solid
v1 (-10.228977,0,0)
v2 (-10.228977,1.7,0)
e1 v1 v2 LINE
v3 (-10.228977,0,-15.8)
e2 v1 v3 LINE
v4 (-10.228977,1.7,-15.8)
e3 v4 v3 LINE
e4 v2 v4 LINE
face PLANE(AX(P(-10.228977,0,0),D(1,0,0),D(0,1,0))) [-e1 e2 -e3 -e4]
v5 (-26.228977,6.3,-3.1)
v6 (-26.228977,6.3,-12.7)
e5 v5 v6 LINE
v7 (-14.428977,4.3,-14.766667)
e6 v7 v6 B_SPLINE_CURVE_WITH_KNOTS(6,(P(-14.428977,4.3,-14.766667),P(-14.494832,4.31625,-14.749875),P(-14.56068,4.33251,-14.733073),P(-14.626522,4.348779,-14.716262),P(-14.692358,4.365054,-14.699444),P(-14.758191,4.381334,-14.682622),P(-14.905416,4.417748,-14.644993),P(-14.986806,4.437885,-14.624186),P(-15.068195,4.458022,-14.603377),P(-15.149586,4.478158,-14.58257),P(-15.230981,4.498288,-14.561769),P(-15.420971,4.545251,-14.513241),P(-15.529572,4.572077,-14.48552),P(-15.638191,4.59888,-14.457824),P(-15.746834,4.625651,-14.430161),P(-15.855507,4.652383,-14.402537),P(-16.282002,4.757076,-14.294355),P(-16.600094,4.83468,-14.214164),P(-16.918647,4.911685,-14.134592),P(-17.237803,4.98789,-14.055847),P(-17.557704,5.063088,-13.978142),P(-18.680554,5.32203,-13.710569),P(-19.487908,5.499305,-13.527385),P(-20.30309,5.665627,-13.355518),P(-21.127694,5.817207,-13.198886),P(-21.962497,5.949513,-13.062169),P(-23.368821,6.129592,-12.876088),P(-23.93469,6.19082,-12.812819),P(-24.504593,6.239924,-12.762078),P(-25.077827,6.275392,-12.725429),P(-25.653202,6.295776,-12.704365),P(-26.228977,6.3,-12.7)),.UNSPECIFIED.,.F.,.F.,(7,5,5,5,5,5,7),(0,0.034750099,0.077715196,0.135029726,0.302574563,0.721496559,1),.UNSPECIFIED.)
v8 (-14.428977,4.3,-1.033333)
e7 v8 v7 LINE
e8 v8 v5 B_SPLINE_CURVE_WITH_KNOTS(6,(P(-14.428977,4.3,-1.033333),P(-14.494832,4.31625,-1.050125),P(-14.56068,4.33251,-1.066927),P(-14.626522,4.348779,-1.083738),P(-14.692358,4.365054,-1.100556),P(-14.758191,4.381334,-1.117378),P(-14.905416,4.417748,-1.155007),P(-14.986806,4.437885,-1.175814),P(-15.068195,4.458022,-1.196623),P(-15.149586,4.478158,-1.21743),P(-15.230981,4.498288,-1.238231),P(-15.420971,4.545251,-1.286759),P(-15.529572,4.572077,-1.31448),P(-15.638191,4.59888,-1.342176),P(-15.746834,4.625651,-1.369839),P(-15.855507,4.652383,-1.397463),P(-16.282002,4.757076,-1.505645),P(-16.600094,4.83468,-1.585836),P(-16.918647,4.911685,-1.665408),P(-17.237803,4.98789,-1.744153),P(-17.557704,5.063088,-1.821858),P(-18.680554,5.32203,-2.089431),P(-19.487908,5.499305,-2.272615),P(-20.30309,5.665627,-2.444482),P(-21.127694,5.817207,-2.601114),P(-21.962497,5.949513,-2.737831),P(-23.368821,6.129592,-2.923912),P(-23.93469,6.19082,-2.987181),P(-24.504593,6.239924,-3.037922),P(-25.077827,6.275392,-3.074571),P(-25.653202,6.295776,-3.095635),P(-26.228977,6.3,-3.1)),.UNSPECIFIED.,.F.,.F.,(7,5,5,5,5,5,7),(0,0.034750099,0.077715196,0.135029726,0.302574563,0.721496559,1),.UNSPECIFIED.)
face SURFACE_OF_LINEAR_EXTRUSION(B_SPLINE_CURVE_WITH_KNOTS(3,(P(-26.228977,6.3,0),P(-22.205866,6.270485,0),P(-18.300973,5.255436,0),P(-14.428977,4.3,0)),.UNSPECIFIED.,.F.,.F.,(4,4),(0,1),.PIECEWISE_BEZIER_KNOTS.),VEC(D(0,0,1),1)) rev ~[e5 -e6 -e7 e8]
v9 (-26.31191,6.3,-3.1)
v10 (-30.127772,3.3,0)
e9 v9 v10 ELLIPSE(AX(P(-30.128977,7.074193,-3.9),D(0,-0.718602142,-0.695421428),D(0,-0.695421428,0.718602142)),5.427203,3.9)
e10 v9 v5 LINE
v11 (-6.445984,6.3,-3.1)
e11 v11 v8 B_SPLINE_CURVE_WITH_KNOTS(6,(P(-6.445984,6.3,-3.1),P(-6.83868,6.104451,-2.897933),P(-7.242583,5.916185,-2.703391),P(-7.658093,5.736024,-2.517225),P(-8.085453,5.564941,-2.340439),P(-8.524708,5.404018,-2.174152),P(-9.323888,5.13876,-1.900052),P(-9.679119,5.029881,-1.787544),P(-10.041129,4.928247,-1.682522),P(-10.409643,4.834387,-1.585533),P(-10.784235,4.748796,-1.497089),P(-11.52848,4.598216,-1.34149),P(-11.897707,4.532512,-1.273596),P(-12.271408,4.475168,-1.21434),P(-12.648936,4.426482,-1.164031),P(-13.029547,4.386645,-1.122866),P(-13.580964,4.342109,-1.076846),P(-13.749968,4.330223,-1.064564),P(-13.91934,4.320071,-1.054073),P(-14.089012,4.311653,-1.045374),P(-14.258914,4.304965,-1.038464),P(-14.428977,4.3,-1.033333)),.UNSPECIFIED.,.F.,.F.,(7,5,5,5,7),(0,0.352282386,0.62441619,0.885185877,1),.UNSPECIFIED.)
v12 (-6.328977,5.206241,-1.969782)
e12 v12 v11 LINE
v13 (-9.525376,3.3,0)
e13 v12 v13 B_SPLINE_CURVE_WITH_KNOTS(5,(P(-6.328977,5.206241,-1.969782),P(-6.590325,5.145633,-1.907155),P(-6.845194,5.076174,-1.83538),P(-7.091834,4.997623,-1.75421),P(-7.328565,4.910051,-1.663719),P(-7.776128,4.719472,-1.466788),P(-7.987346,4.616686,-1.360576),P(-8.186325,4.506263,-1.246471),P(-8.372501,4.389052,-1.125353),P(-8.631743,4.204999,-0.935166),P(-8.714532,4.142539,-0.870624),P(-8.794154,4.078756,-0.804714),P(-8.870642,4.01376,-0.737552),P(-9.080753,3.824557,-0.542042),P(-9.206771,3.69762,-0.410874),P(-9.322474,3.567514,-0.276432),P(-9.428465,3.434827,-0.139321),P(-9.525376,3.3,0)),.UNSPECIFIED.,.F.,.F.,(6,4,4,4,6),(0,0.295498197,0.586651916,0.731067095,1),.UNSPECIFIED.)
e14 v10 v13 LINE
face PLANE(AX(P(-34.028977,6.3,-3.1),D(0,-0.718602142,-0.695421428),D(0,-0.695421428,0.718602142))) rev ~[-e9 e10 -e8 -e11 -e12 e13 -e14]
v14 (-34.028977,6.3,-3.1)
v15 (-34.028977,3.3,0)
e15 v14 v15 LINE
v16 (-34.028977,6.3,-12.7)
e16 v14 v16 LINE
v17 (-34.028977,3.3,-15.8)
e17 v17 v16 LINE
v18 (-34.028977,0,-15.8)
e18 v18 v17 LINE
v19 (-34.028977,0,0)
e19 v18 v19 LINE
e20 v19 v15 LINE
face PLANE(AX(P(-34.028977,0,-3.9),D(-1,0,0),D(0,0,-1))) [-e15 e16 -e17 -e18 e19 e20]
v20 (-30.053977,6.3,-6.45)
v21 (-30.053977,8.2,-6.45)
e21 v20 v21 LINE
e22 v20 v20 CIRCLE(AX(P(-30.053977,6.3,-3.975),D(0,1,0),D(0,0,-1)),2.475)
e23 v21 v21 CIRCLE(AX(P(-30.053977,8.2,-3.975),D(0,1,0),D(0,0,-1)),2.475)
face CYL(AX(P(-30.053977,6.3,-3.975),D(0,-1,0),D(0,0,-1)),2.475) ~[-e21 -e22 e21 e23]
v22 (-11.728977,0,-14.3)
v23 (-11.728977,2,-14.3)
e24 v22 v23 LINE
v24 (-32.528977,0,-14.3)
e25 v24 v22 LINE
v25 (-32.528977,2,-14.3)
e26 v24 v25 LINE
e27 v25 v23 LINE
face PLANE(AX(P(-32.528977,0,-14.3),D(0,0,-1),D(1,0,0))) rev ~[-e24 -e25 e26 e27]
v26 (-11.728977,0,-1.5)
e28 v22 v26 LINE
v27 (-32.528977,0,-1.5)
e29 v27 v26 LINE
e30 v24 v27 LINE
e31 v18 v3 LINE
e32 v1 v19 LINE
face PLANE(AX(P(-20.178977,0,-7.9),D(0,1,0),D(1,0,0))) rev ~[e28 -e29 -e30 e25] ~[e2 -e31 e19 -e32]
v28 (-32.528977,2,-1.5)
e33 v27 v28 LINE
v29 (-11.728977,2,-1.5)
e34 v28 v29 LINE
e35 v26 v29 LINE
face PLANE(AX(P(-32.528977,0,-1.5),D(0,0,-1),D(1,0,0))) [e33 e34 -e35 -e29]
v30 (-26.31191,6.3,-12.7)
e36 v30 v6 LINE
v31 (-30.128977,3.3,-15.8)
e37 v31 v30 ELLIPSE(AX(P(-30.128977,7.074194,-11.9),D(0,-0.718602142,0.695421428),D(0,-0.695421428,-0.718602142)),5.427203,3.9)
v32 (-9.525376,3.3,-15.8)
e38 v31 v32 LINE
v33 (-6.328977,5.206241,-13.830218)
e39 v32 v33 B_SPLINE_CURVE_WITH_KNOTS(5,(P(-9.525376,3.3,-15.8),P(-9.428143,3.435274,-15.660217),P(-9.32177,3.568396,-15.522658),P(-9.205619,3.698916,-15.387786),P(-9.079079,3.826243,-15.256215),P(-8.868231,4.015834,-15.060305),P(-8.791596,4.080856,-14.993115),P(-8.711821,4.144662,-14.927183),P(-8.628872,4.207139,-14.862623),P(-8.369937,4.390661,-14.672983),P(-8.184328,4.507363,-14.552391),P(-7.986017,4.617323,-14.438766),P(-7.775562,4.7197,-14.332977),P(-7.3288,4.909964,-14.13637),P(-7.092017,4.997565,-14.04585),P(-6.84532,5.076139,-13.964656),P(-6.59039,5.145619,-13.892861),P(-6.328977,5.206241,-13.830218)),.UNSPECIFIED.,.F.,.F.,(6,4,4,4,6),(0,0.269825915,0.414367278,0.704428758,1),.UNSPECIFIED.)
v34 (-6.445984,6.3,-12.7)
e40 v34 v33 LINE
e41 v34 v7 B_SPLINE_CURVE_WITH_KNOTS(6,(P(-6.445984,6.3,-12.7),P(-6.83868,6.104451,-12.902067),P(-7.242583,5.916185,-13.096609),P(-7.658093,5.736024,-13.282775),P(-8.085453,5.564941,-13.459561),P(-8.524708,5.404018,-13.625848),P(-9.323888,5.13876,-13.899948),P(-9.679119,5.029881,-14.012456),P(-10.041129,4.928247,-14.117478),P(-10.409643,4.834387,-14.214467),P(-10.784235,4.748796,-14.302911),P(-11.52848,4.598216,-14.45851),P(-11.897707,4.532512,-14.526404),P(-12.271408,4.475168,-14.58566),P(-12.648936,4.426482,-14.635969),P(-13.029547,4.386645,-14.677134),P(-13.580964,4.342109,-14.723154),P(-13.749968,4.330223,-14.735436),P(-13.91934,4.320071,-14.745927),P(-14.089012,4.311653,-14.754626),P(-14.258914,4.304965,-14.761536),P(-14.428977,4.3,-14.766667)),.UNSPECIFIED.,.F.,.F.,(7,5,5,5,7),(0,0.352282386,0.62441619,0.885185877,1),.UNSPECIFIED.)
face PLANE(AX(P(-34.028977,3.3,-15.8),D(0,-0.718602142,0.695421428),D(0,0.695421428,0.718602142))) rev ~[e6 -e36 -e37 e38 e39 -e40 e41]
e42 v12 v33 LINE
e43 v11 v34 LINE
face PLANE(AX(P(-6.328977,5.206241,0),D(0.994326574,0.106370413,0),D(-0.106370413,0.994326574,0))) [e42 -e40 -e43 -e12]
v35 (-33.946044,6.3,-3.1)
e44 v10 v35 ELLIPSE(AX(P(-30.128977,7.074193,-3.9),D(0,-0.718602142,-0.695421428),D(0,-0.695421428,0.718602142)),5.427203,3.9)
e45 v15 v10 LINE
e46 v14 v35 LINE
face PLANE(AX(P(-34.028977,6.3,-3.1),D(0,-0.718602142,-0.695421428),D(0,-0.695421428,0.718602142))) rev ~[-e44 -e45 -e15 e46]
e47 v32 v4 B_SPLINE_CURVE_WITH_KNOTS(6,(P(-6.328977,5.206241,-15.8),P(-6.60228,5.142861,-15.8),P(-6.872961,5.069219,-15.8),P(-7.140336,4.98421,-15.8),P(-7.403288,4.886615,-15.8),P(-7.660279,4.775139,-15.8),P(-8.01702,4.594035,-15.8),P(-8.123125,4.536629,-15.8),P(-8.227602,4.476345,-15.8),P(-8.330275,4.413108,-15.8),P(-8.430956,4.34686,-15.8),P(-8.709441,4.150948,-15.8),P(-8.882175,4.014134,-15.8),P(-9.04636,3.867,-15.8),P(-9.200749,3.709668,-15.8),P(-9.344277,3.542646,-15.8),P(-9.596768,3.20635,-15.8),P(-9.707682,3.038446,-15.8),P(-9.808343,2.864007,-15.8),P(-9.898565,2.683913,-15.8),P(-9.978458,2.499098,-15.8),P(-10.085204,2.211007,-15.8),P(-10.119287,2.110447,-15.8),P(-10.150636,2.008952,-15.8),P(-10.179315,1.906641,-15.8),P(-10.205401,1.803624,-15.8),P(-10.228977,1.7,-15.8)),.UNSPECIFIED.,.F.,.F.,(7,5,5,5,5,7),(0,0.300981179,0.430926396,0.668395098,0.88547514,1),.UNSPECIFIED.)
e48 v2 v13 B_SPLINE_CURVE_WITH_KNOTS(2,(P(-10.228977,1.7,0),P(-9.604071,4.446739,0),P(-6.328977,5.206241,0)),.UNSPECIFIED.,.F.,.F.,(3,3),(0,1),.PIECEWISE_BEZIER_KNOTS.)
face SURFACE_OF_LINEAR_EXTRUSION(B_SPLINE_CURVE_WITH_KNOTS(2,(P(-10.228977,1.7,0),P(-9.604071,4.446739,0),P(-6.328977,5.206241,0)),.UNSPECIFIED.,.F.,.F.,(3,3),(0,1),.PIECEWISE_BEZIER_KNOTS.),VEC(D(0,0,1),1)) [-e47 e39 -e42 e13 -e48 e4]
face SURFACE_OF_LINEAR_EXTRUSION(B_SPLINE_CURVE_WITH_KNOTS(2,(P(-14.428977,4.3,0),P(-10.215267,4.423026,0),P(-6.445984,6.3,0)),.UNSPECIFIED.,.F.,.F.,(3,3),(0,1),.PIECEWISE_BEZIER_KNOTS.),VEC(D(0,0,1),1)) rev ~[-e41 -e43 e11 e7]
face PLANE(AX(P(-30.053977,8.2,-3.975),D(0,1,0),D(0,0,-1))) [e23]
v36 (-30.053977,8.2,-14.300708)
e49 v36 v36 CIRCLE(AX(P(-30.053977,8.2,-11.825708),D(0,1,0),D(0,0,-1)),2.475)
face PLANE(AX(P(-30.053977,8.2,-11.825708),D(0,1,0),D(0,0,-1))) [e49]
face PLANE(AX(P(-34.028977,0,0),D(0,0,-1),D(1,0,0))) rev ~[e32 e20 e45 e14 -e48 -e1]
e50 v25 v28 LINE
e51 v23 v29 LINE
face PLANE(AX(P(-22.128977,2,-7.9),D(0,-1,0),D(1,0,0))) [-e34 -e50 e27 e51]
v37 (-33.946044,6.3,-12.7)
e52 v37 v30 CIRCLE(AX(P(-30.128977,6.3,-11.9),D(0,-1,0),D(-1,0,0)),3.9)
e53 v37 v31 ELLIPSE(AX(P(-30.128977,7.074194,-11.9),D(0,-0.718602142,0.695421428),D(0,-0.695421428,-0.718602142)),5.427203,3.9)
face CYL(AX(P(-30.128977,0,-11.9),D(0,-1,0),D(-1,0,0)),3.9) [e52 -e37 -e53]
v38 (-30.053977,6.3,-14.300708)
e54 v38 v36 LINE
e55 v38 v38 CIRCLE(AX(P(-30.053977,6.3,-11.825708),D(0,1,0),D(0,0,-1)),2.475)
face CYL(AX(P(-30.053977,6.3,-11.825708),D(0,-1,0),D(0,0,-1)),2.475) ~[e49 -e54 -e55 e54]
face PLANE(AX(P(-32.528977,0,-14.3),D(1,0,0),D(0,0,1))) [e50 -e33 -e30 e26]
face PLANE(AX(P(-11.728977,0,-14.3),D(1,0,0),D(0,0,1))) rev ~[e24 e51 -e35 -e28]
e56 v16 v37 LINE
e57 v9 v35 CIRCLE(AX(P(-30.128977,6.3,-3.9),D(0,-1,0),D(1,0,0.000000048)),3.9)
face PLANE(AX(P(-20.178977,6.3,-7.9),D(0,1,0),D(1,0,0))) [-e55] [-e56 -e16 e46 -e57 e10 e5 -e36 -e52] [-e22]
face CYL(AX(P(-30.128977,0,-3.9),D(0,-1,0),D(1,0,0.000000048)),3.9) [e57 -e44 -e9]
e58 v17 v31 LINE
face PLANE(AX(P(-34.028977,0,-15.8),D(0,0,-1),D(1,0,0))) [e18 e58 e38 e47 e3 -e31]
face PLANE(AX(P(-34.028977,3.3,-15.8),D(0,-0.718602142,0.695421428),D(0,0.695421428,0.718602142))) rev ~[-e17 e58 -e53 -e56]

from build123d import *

# Parameters (mm, degrees)
SKETCH1_W           = 27.7
SKETCH1_H           = 15.8
BOSS_EXTRUDE1_DEPTH = 6.3
SKETCH2_OUTSIDE_W   = 36.202
SKETCH2_OUTSIDE_H   = 14.802
CUT_EXTRUDE1_DEPTH  = 15.9
SKETCH3_OUTSIDE_W   = 24.302
SKETCH3_OUTSIDE_H   = 14.802
CUT_EXTRUDE2_DEPTH  = 35.9
BOSS_EXTRUDE2_DEPTH = 6.3
SKETCH5_R           = 2.475
BOSS_EXTRUDE3_DEPTH = 1.9
SKETCH6_W           = 20.8
SKETCH6_H           = 12.8
CUT_EXTRUDE3_DEPTH  = 2


with BuildPart() as part:
    # Sketch1 → Boss-Extrude1 (new body)
    with BuildSketch(Plane(origin=(0, 0, 0), x_dir=(1, 0, 0), z_dir=(0, 1, 0))):
        with Locations((-20.178976781, 7.9)):
            Rectangle(SKETCH1_W, SKETCH1_H)
    extrude(amount=BOSS_EXTRUDE1_DEPTH)

    # Sketch2 outside → Cut-Extrude1 (cut)
    with BuildSketch(Plane.XY):
        with Locations((-20.179, 3.15)):
            Rectangle(SKETCH2_OUTSIDE_W, SKETCH2_OUTSIDE_H)
        with BuildLine():
            Line((-34.028976781, 0), (-10.228976781, 0))
            Line((-10.228976781, 0), (-10.228976781, 1.7))
            add(Edge.make_bspline(
                [(-10.228976781, 1.7), (-9.604071017, 4.446739352), (-6.328976781, 5.206240769)],
                knots=[0, 0, 0, 1, 1, 1], degree=2))
            Line((-6.328976781, 5.206240769), (-6.445984235, 6.3))
            add(Edge.make_bspline(
                [(-14.428976781, 4.3), (-10.215266521, 4.423026161), (-6.445984235, 6.3)],
                knots=[0, 0, 0, 1, 1, 1], degree=2))
            add(Edge.make_bspline(
                [(-26.228976781, 6.3), (-22.205866261, 6.270484551), (-18.300973194, 5.255436261), (-14.428976781, 4.3)],
                knots=[0, 0, 0, 0, 1, 1, 1, 1], degree=3))
            Line((-26.228976781, 6.3), (-34.028976781, 6.3))
            Line((-34.028976781, 6.3), (-34.028976781, 0))
        make_face(mode=Mode.SUBTRACT)
    extrude(amount=-CUT_EXTRUDE1_DEPTH, mode=Mode.SUBTRACT)

    # Sketch3 outside → Cut-Extrude2 (cut)
    with BuildSketch(Plane.ZY.offset(34.028976781)):
        with Locations((-7.9, 3.15)):
            Rectangle(SKETCH3_OUTSIDE_W, SKETCH3_OUTSIDE_H)
        Polygon((-15.8, 0), (-15.8, 3.3), (-12.7, 6.3), (-3.1, 6.3), (0, 3.3), (0, 0), align=None, mode=Mode.SUBTRACT)
    extrude(amount=-CUT_EXTRUDE2_DEPTH, mode=Mode.SUBTRACT)

    # Sketch4 → Boss-Extrude2 (add)
    with BuildSketch(Plane.XZ):
        with BuildLine():
            Line((-34.028976781, -3.9), (-34.028976781, -11.9))
            ThreePointArc((-34.028976781, -11.9), (-30.128976781, -15.8), (-26.228976781, -11.9))
            Line((-26.228976781, -11.9), (-26.228976781, -3.899999628))
            ThreePointArc((-26.228976781, -3.899999628), (-30.128976967, 1.86e-07), (-34.028976781, -3.9))
        make_face()
    extrude(amount=-BOSS_EXTRUDE2_DEPTH)

    # Sketch5 → Boss-Extrude3 (add)
    with BuildSketch(Plane(origin=(0, 6.3, 0), x_dir=(1, 0, 0), z_dir=(0, 1, 0))):
        with Locations(Location((-30.053976781, 11.82570761, 0), (0, 0, 90))):
            Circle(SKETCH5_R)
        with Locations(Location((-30.053976781, 3.974999814, 0), (0, 0, 90))):
            Circle(SKETCH5_R)
    extrude(amount=BOSS_EXTRUDE3_DEPTH)

    # Sketch6 → Cut-Extrude3 (cut)
    with BuildSketch(Plane.XZ):
        with Locations((-22.128976781, -7.9)):
            Rectangle(SKETCH6_W, SKETCH6_H)
    extrude(amount=-CUT_EXTRUDE3_DEPTH, mode=Mode.SUBTRACT)


solid = part.part
